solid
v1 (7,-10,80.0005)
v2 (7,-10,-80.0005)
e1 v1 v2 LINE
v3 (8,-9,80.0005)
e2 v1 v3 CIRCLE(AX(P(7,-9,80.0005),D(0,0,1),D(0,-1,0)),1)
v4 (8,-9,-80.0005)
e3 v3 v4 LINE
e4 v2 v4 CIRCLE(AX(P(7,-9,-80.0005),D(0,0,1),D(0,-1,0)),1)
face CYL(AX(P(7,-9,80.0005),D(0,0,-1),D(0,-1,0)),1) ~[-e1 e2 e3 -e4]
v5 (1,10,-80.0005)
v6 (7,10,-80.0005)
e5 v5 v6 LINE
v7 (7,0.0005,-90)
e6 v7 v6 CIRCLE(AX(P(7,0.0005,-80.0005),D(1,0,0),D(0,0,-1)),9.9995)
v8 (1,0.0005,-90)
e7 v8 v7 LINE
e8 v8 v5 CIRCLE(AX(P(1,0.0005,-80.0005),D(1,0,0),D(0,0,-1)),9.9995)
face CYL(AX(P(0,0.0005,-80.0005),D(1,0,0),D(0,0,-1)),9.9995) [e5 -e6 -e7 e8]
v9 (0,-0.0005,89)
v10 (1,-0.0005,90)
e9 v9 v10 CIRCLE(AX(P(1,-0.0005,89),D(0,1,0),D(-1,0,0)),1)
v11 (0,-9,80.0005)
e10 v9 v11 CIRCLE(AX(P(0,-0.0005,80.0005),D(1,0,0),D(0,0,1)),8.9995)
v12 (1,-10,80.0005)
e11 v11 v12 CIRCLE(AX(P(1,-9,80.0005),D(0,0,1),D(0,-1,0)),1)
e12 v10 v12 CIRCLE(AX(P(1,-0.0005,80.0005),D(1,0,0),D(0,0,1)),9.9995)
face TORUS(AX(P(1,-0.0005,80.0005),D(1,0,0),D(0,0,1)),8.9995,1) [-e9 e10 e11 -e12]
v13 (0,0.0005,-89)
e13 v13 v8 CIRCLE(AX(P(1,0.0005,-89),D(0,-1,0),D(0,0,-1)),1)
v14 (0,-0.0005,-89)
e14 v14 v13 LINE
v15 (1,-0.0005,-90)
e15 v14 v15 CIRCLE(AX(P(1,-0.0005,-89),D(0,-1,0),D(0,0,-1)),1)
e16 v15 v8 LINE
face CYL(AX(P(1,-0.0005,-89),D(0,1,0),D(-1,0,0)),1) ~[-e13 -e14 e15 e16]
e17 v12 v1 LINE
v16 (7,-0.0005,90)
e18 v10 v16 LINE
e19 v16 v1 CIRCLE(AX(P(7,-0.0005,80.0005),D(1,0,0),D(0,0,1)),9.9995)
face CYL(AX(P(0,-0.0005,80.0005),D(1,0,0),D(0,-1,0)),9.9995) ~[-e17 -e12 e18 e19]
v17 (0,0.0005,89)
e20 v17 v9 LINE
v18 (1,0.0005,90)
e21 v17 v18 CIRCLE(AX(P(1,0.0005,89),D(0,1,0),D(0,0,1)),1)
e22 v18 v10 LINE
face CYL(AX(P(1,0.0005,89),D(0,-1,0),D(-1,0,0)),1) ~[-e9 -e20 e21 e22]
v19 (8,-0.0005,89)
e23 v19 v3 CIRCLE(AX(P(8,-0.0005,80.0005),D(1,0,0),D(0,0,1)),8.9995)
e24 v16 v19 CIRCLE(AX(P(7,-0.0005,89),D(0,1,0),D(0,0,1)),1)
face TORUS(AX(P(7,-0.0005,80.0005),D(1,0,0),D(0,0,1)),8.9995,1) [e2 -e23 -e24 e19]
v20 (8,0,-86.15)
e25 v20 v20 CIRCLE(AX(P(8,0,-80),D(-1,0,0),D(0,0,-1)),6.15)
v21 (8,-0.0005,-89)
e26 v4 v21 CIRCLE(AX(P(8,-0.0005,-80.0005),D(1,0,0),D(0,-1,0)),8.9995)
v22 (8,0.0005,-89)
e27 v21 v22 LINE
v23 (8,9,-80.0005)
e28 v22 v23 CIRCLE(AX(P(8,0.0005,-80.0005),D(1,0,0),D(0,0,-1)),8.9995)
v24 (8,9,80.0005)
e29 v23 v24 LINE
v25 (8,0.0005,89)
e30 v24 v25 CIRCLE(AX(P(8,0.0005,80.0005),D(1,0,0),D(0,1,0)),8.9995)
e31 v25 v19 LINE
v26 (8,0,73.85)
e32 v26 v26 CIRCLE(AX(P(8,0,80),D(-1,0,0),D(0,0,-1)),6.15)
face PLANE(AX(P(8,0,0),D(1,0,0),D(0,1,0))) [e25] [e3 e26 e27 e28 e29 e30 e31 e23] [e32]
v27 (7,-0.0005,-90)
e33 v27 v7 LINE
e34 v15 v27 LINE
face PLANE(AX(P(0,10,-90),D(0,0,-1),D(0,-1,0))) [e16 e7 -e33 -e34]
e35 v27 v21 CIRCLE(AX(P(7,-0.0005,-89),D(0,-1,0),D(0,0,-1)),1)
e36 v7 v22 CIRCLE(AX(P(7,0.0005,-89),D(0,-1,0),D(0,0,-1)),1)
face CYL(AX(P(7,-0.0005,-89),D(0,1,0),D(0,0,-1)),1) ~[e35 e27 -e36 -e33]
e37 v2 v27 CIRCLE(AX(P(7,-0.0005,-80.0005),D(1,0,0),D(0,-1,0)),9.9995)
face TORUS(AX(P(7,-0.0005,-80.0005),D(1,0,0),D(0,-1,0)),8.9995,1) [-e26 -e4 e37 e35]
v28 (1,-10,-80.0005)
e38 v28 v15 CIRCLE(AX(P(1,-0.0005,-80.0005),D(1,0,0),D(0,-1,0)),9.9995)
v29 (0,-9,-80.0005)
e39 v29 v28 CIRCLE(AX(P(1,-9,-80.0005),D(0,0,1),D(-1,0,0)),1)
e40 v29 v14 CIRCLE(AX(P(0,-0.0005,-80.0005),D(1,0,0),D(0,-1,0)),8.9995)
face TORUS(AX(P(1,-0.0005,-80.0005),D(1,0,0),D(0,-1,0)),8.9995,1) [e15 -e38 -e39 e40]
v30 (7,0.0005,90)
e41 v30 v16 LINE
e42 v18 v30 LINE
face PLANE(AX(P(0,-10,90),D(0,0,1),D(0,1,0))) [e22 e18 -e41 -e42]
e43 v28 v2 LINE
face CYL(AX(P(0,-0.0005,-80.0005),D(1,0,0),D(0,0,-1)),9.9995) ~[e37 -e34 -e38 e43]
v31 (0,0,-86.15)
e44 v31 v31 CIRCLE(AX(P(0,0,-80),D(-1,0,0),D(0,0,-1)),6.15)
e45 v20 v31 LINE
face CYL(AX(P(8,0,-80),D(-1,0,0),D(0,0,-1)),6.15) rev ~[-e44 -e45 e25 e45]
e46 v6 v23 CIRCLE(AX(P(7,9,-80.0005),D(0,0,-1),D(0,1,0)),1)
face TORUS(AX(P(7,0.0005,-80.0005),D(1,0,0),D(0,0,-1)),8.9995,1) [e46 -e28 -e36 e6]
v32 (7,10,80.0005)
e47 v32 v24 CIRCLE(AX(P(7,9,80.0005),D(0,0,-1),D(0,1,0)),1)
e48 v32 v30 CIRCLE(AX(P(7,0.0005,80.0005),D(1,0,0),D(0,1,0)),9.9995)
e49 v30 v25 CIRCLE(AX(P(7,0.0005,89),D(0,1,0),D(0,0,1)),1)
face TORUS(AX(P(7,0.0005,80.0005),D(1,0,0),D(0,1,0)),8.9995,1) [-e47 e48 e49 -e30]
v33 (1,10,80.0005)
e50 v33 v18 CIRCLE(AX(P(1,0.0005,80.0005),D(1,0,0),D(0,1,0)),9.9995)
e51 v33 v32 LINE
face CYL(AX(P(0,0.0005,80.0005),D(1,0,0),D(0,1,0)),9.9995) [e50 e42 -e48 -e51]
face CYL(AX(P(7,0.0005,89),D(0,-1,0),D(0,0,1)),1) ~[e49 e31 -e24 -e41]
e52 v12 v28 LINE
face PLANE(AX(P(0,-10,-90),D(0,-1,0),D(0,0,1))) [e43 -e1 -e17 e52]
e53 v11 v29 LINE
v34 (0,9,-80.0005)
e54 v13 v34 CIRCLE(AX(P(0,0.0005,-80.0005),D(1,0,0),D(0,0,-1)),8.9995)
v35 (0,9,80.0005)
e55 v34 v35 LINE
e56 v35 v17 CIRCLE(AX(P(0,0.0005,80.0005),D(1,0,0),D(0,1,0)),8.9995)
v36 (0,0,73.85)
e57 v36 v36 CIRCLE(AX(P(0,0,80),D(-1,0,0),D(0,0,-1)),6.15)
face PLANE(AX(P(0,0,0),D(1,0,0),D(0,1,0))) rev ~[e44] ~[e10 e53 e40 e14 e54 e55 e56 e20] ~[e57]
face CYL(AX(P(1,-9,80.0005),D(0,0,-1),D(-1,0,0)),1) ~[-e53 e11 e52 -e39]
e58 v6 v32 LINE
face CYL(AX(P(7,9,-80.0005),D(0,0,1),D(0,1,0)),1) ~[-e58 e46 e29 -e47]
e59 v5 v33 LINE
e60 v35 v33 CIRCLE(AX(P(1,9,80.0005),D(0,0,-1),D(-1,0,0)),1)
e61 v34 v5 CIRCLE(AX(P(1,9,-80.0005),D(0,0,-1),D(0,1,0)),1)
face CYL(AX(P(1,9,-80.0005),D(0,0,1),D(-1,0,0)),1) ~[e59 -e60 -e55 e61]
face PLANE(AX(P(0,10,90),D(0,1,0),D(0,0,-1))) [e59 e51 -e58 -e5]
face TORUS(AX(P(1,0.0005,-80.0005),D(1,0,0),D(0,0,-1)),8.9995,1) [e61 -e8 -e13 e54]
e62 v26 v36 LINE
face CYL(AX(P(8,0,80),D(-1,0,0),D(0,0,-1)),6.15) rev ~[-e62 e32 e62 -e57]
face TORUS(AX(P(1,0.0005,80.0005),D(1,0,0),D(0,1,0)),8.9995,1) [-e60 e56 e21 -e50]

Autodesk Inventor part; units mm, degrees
ref_plane "YZ Plane" through (0, 0, 0) normal (1, 0, 0) x (0, 1, 0)
ref_plane "XZ Plane" through (0, 0, 0) normal (0, 1, 0) x (-1, 0, 0)
ref_plane "XY Plane" through (0, 0, 0) normal (0, 0, 1) x (1, 0, 0)
sketch "スケッチ1" plane through (0, 0, 0) normal (1, 0, 0) x (0, 1, 0)
  line L0 (10, -90) -> (-10, -90)
  line L1 (-10, -90) -> (-10, 90)
  line L2 (-10, 90) -> (10, 90)
  line L3 (10, 90) -> (10, -90)
  line L4 (10, -90) -> (-10, 90) construction
  line L5 (-10, -90) -> (10, 90) construction
  point P0 (0, 0)
  dimension "d0" = 180
  dimension "d1" = 20
extrude "押し出し1" add sketch "スケッチ1" along normal blind 8
sketch "スケッチ2" plane through (8, 0, 0) normal (1, 0, 0) x (0, 0, -1)
  line L0 (-90, 10) -> (-90, -10) projected
  line L1 (90, -10) -> (90, 10) projected
  point P0 (0, 0)
  point P1 (-80, 0)
  point P2 (80, 0)
  dimension "d4" = 10
  dimension "d14" = 10
hole "穴1" at (8, 0, 80) at (8, 0, -80) direction (-1, 0, 0) diameter 12.3 end through all
fillet "フィレット1" radius 10 4 edges at (4, 10, 90) (4, -10, 90) (4, 10, -90) (4, -10, -90)
fillet "フィレット2" radius 1 8 edges at (0, 7.0712, -87.0712) (0, 10, 0) (0, 7.0712, 87.0712) (0, -10, 0) (8, 7.0712, -87.0712) (8, 10, 0) (8, 7.0712, 87.0712) (8, -10, 0)
equation "\"d14\" = d4"
properties part number "base4" material "ABS プラスチック"
